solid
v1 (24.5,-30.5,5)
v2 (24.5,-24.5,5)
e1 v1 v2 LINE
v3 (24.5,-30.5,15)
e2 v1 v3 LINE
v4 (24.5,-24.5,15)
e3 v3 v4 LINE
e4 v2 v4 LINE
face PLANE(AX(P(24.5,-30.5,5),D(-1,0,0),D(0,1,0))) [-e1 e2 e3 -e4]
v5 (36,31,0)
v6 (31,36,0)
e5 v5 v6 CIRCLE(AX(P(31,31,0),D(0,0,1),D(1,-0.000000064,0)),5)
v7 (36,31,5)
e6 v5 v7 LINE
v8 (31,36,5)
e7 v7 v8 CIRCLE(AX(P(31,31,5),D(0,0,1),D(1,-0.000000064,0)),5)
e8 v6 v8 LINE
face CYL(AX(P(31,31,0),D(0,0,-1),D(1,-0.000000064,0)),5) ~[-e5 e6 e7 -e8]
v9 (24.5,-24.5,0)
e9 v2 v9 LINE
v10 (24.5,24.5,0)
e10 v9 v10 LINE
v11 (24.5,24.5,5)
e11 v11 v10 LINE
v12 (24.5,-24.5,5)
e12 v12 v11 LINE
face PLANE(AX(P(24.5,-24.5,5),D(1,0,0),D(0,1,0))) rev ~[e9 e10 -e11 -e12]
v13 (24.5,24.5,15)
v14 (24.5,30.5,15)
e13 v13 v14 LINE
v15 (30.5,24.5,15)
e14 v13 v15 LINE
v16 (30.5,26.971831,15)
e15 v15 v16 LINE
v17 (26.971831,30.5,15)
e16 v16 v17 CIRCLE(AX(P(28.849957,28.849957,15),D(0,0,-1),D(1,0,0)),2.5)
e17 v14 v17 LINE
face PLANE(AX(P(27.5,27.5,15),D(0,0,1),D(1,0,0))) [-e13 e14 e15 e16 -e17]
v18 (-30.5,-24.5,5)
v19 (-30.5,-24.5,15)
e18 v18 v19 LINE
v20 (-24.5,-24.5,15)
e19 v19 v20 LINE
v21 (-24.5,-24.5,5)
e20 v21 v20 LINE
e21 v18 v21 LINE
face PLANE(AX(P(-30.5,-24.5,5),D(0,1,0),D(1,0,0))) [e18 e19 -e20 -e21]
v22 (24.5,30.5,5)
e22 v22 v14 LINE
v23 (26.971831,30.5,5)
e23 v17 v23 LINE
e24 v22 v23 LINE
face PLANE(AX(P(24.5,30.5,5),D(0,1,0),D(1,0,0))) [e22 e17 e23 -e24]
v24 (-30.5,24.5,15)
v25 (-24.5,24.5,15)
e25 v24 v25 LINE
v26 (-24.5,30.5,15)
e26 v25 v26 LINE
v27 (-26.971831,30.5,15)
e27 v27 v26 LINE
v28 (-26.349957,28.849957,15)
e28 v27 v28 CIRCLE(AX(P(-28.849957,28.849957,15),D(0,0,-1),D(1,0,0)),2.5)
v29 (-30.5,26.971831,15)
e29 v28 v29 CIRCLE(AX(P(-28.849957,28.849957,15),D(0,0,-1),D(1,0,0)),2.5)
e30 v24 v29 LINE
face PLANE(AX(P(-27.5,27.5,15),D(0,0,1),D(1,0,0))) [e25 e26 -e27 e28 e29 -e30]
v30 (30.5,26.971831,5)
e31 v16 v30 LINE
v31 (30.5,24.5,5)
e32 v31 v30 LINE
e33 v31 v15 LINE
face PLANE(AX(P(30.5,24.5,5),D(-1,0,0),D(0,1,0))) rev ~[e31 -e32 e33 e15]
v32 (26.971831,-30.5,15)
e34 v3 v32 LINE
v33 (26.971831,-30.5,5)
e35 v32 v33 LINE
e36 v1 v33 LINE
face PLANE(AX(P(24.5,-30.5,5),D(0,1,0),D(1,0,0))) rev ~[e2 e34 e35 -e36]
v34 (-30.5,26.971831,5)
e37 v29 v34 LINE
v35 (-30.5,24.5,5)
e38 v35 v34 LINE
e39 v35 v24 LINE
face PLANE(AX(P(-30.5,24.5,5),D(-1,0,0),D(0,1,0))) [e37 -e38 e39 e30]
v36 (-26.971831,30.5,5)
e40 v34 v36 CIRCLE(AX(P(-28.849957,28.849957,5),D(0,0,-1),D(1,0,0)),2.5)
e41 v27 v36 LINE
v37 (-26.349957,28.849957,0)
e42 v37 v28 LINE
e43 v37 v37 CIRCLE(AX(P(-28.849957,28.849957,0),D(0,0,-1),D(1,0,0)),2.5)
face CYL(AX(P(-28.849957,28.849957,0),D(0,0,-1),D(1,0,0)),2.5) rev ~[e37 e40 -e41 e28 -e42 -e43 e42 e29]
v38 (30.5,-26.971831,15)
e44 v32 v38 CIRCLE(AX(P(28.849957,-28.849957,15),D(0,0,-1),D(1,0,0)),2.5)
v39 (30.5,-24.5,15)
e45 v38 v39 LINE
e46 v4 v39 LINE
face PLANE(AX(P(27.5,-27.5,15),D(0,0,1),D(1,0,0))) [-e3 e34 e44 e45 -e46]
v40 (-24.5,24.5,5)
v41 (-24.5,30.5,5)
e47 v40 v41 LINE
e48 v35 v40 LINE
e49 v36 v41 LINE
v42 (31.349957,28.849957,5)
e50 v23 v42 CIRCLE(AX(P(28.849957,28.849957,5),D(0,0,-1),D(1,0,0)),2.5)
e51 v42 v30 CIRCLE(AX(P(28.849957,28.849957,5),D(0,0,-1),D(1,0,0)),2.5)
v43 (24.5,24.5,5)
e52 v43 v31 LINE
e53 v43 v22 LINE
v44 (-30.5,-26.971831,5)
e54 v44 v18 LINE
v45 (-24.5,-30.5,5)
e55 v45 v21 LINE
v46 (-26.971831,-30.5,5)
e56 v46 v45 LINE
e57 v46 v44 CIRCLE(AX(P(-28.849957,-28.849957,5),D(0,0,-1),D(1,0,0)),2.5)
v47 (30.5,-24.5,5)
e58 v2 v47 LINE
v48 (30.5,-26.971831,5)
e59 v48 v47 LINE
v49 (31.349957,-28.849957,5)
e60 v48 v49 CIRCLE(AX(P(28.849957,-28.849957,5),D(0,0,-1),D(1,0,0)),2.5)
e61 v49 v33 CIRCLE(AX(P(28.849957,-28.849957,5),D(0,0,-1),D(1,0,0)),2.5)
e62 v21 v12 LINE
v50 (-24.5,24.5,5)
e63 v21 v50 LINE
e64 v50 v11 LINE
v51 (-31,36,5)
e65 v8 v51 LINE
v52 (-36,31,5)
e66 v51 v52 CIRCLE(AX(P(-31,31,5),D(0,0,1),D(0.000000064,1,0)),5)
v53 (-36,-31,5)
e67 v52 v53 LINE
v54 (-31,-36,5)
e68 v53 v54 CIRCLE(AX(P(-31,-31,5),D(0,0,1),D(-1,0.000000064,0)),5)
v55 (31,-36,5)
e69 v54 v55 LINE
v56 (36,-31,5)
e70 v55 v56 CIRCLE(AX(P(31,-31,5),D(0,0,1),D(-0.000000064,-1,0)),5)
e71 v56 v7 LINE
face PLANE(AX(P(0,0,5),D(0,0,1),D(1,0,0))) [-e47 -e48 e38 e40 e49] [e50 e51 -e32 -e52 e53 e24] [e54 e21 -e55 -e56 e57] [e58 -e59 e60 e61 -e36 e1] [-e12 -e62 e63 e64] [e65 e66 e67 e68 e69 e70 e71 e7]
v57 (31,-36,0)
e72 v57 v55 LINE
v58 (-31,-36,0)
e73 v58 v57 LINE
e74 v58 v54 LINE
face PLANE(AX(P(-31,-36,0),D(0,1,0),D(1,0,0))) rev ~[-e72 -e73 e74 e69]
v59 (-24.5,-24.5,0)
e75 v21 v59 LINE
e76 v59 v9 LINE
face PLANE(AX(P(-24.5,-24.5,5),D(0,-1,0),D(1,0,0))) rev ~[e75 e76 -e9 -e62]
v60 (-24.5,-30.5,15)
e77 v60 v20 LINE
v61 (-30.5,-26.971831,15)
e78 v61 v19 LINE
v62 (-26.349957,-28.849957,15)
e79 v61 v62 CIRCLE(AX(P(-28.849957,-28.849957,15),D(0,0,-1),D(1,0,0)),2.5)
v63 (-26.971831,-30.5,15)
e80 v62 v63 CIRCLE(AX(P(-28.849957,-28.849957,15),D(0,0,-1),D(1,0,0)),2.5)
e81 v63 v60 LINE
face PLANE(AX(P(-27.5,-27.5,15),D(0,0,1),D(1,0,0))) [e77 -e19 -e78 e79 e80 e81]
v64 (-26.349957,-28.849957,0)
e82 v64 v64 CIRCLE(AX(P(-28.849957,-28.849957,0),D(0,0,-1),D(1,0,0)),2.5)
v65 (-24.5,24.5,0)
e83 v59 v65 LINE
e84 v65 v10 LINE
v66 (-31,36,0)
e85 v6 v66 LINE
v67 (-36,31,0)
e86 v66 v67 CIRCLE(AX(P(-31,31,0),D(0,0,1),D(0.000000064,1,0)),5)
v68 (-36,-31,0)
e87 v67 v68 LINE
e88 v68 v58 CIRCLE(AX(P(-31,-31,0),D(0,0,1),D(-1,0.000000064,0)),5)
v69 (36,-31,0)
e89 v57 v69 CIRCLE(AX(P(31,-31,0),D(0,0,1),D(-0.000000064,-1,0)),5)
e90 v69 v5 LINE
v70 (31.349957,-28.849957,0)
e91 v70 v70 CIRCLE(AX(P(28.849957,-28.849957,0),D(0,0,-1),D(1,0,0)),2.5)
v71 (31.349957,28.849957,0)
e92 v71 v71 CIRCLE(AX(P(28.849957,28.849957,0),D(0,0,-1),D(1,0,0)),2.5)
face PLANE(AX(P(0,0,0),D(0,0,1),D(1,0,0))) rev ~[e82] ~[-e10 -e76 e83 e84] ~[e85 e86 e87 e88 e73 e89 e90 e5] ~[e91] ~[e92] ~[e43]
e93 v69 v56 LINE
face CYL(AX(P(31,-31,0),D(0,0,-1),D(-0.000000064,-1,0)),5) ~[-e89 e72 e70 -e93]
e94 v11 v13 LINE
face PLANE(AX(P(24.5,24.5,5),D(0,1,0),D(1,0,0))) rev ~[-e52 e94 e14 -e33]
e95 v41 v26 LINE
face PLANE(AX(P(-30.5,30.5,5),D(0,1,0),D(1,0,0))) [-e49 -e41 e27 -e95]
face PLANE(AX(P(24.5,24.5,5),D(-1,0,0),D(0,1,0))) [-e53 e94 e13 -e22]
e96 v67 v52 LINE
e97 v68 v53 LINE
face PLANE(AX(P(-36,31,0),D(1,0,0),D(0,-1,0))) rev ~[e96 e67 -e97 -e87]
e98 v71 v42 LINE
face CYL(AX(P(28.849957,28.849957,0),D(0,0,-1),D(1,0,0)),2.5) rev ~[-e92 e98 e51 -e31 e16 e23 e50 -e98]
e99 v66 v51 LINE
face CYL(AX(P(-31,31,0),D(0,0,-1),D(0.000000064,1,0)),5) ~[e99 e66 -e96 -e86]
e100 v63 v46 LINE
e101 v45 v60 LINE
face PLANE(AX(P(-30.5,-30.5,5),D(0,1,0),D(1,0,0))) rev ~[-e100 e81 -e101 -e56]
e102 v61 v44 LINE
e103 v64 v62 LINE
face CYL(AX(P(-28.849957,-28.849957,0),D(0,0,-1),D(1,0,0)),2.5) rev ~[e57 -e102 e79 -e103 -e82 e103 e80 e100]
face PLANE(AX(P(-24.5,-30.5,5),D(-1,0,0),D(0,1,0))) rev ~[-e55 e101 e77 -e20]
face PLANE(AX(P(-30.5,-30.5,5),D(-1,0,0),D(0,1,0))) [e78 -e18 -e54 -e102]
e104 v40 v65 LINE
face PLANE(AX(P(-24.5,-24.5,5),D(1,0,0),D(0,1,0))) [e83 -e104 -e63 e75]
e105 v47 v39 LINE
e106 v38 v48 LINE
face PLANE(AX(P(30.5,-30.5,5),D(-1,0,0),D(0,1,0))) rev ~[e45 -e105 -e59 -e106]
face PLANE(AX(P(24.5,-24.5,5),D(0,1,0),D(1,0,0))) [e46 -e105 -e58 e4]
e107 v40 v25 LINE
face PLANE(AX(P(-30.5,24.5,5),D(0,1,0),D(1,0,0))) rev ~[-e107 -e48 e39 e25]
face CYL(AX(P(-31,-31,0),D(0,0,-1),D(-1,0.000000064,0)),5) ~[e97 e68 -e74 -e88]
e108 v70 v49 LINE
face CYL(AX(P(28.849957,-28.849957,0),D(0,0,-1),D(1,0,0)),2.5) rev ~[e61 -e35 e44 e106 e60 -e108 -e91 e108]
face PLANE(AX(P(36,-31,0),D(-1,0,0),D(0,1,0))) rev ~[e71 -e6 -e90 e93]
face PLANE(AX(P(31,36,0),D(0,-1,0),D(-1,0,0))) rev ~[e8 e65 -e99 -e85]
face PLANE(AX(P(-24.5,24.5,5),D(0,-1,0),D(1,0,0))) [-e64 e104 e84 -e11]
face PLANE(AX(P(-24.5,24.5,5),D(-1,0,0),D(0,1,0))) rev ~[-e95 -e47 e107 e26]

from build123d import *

# Parameters (mm, degrees)
PAD_DEPTH       = 5
SKETCH001_W     = 6
SKETCH001_H     = 6
PAD001_DEPTH    = 10
SKETCH002_W     = 49
SKETCH002_H     = 49
POCKET_DEPTH    = 5.001
SKETCH003_R     = 2.5
POCKET001_DEPTH = 15.001


with BuildPart() as part:
    # Sketch → Pad (new body)
    with BuildSketch(Plane.XY):
        with BuildLine():
            ThreePointArc((-31, 36), (-34.535534, 34.535534), (-36, 31))
            Line((-36, 31), (-36, -31))
            ThreePointArc((-36, -31), (-34.535534, -34.535534), (-31, -36))
            Line((-31, -36), (31, -36))
            ThreePointArc((31, -36), (34.535534, -34.535534), (36, -31))
            Line((36, -31), (36, 31))
            ThreePointArc((36, 31), (34.535534, 34.535534), (31, 36))
            Line((31, 36), (-31, 36))
        make_face()
    extrude(amount=PAD_DEPTH)

    # Sketch001 (on Face10 of Pad) → Pad001 (join)
    with BuildSketch(Plane.XY.offset(5)):
        with Locations((-27.5, 27.5)):
            Rectangle(SKETCH001_W, SKETCH001_H)
        with Locations((27.5, 27.5)):
            Rectangle(SKETCH001_W, SKETCH001_H)
        with Locations((27.5, -27.5)):
            Rectangle(SKETCH001_W, SKETCH001_H)
        with Locations((-27.5, -27.5)):
            Rectangle(SKETCH001_W, SKETCH001_H)
    extrude(amount=PAD001_DEPTH)

    # Sketch002 (on Face5 of Pad001) → Pocket (cut, through all)
    with BuildSketch(Plane.XY.offset(5)):
        Rectangle(SKETCH002_W, SKETCH002_H)
    extrude(amount=-POCKET_DEPTH, mode=Mode.SUBTRACT)

    # Sketch003 (on Face4 of Pocket) → Pocket001 (cut, through all)
    with BuildSketch(Plane(origin=(0, 0, 0), x_dir=(1, 0, 0), z_dir=(0, 0, -1))):
        with Locations((-28.849957, 28.849957)):
            Circle(SKETCH003_R)
        with Locations((28.849957, 28.849957)):
            Circle(SKETCH003_R)
        with Locations((28.849957, -28.849957)):
            Circle(SKETCH003_R)
        with Locations((-28.849957, -28.849957)):
            Circle(SKETCH003_R)
    extrude(amount=-POCKET001_DEPTH, mode=Mode.SUBTRACT)


solid = part.part
